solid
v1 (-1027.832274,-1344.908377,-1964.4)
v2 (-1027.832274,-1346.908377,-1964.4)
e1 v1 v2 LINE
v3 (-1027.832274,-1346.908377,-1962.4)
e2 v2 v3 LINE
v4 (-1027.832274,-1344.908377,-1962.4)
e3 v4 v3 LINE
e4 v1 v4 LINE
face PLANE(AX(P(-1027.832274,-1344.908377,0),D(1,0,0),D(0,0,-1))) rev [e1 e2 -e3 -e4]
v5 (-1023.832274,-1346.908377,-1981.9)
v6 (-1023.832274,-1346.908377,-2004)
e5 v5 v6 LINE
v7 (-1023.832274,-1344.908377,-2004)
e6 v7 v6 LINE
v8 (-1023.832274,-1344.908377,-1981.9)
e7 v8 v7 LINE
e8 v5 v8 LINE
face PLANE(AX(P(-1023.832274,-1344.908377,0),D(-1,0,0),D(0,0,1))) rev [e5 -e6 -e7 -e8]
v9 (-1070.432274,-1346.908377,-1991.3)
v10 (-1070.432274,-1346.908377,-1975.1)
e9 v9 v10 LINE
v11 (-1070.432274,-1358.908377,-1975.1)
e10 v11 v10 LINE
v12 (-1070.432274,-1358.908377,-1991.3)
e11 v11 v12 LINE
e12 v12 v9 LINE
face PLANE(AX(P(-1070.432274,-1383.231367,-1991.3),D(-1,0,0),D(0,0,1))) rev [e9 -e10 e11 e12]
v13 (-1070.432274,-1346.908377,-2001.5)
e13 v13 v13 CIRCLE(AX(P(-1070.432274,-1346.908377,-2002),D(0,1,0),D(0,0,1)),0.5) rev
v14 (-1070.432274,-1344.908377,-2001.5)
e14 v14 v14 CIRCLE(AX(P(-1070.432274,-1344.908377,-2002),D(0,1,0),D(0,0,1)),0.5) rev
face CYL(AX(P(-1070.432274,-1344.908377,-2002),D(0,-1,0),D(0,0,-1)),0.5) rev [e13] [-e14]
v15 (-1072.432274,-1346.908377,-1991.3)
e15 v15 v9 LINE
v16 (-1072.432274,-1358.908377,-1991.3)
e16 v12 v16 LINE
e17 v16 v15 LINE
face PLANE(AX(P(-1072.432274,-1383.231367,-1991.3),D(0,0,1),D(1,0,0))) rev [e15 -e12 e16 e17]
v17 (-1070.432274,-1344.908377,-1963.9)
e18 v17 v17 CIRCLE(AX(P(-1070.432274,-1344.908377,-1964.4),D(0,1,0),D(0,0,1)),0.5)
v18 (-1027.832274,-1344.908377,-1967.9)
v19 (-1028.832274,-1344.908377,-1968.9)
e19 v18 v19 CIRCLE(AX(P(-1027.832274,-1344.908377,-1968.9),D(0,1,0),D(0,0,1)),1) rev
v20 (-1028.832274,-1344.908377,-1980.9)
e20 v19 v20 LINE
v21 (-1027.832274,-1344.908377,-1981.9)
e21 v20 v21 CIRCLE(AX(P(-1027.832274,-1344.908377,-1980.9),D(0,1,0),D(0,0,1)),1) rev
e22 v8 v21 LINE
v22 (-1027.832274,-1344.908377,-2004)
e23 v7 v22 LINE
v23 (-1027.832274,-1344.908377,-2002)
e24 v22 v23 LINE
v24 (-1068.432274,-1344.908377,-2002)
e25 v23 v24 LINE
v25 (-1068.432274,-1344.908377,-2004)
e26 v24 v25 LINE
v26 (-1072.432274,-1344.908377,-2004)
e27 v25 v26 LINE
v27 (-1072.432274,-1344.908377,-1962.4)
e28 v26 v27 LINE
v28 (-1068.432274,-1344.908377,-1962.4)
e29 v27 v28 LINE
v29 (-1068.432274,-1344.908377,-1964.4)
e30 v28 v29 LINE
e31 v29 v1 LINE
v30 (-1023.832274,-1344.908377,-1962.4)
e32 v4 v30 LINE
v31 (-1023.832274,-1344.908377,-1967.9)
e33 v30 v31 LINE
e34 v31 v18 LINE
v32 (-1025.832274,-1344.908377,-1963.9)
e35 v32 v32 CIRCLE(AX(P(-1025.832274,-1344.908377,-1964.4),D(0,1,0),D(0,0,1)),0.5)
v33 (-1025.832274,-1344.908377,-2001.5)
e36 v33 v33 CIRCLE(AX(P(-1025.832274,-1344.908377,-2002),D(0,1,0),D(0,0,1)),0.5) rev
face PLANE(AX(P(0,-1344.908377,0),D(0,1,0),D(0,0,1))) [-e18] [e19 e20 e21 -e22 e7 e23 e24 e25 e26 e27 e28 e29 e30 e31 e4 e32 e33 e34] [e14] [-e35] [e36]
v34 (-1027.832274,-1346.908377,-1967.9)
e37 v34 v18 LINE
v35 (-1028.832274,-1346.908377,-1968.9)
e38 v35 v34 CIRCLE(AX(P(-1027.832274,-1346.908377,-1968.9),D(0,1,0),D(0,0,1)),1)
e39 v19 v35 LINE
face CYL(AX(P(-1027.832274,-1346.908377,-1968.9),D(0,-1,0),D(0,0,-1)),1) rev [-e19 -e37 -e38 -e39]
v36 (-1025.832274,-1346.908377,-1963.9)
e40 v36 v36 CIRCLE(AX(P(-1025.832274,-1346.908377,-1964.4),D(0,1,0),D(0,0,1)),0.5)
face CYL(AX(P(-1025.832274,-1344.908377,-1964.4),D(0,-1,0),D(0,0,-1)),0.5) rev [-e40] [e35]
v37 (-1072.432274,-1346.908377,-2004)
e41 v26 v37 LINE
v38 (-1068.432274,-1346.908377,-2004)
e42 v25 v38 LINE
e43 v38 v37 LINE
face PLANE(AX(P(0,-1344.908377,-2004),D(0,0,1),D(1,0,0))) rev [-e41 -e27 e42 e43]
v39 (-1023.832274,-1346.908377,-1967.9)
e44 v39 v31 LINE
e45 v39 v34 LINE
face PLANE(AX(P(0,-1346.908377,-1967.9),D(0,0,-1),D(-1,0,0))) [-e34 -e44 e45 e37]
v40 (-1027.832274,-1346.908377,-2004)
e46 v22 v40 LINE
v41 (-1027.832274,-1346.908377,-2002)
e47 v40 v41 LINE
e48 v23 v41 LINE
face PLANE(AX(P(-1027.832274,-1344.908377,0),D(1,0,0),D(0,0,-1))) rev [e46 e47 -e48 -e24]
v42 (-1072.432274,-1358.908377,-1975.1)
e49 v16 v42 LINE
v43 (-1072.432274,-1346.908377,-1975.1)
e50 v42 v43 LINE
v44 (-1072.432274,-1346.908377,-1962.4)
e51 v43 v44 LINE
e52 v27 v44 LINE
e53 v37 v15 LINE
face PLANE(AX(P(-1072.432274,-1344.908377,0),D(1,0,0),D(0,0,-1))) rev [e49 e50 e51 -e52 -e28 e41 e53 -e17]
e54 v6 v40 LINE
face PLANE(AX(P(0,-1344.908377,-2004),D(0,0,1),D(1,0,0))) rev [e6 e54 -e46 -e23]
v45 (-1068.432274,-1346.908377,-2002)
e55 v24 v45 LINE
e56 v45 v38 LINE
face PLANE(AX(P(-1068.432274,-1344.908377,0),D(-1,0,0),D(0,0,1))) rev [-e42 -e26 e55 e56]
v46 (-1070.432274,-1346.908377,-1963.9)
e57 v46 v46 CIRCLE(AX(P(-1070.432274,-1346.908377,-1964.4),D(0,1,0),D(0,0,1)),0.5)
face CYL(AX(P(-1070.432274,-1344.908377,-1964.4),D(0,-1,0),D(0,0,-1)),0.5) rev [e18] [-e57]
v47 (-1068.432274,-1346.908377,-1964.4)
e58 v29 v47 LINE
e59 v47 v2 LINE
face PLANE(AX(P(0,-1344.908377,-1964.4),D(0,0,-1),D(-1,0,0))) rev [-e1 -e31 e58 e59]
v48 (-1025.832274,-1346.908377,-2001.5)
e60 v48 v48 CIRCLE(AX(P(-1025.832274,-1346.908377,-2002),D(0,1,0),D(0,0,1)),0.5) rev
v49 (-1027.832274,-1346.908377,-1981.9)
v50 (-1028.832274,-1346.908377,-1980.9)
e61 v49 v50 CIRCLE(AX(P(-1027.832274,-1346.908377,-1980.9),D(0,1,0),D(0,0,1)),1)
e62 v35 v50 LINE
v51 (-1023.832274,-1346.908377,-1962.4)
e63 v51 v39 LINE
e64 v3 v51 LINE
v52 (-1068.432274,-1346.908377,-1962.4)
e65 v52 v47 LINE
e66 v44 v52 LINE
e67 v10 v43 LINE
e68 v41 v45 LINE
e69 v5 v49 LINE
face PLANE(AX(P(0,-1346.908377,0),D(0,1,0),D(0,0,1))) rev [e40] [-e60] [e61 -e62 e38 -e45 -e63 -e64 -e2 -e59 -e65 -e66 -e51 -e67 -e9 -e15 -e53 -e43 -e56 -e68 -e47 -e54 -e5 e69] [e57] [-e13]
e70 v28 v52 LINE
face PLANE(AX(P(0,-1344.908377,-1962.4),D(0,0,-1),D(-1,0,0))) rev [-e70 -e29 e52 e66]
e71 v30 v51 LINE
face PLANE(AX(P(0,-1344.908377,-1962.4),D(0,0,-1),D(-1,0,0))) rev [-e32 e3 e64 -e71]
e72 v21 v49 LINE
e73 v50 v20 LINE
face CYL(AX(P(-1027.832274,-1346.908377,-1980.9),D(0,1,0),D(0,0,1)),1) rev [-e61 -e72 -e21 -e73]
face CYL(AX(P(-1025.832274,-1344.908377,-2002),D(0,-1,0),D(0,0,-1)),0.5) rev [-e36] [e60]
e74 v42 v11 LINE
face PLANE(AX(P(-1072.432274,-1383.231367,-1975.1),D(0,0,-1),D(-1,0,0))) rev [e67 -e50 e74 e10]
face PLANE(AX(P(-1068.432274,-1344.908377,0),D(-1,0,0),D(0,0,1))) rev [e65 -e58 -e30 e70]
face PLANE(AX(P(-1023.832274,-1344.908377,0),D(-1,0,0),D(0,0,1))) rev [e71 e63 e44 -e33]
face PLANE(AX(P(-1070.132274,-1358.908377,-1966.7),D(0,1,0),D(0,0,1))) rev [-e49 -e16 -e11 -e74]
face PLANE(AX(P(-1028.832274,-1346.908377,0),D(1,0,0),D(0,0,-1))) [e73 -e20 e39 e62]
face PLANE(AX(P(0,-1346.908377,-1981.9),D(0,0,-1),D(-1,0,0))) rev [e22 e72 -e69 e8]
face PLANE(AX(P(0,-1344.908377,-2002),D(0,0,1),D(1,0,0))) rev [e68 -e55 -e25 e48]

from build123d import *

# Parameters (mm, degrees)
SKETCH1_R           = 0.5
BOSS_EXTRUDE1_DEPTH = 2
CUT_EXTRUDE1_DEPTH  = 2
FILLET1_R           = 1
SKETCH4_W           = 2
SKETCH4_H           = 16.2
BOSS_EXTRUDE2_DEPTH = 12


with BuildPart() as part:
    # Sketch1 → Boss-Extrude1 (new body)
    # profile 1 of 3: a face of its own
    with BuildSketch(Plane(origin=(0, -1346.908376945, 0), x_dir=(1, 0, 0), z_dir=(0, 1, 0))):
        Polygon((-1025.832273514, 2000), (-1025.832273514, 1981.9), (-1023.832273514, 1981.9), (-1023.832273514, 2004), (-1027.832273514, 2004), (-1027.832273514, 2002), (-1068.432273514, 2002), (-1068.432273514, 2004), (-1072.432273514, 2004), (-1072.432273514, 1991.5), (-1070.432273514, 1991.5), (-1070.432273514, 2000), align=None)
        with Locations(Location((-1070.432273514, 2002, 0), (0, 0, 270))):
            Circle(SKETCH1_R, mode=Mode.SUBTRACT)
        with Locations(Location((-1025.832273514, 2002, 0), (0, 0, 270))):
            Circle(SKETCH1_R, mode=Mode.SUBTRACT)
    # profile 2 of 3: a face of its own
    with BuildSketch(Plane(origin=(0, -1346.908376945, 0), x_dir=(1, 0, 0), z_dir=(0, 1, 0))):
        Polygon((-1023.832273514, 1981.9), (-1023.832273514, 1967.9), (-1025.832273514, 1967.9), (-1025.832273514, 1966.4), (-1070.432273514, 1966.4), (-1070.432273514, 1974.9), (-1072.432273514, 1974.9), (-1072.432273514, 1991.5), (-1070.432273514, 1991.5), (-1070.432273514, 2000), (-1025.832273514, 2000), (-1025.832273514, 1981.9), align=None)
    # profile 3 of 3: a face of its own
    with BuildSketch(Plane(origin=(0, -1346.908376945, 0), x_dir=(1, 0, 0), z_dir=(0, 1, 0))):
        Polygon((-1027.832273514, 1962.4), (-1023.832273514, 1962.4), (-1023.832273514, 1967.9), (-1025.832273514, 1967.9), (-1025.832273514, 1966.4), (-1070.432273514, 1966.4), (-1070.432273514, 1974.9), (-1072.432273514, 1974.9), (-1072.432273514, 1962.4), (-1068.432273514, 1962.4), (-1068.432273514, 1964.4), (-1027.832273514, 1964.4), align=None)
        with Locations(Location((-1025.832273514, 1964.4, 0), (0, 0, 270))):
            Circle(SKETCH1_R, mode=Mode.SUBTRACT)
        with Locations(Location((-1070.432273514, 1964.4, 0), (0, 0, 270))):
            Circle(SKETCH1_R, mode=Mode.SUBTRACT)
    extrude(amount=BOSS_EXTRUDE1_DEPTH)

    # Sketch3 → Cut-Extrude1 (cut)
    with BuildSketch(Plane(origin=(0, -1344.908376945, 0), x_dir=(1, 0, 0), z_dir=(0, 1, 0))):
        Polygon((-1028.832273514, 1967.9), (-1025.832273514, 1967.9), (-1023.832273514, 1967.9), (-1023.832273514, 1981.9), (-1025.832273514, 1981.9), (-1028.832273514, 1981.9), align=None)
    extrude(amount=-CUT_EXTRUDE1_DEPTH, mode=Mode.SUBTRACT)

    # Fillet1
    fillet1_edges = [part.edges().sort_by_distance(p)[0] for p in [
        (-1028.832273514, -1345.908376945, -1967.9),
        (-1028.832273514, -1345.908376945, -1981.9),
    ]]
    fillet(fillet1_edges, radius=FILLET1_R)

    # Sketch4 → Boss-Extrude2 (add)
    with BuildSketch(Plane.XZ.offset(1346.908376945)):
        with Locations((-1071.432273514, -1983.2)):
            Rectangle(SKETCH4_W, SKETCH4_H)
    extrude(amount=BOSS_EXTRUDE2_DEPTH)


solid = part.part
